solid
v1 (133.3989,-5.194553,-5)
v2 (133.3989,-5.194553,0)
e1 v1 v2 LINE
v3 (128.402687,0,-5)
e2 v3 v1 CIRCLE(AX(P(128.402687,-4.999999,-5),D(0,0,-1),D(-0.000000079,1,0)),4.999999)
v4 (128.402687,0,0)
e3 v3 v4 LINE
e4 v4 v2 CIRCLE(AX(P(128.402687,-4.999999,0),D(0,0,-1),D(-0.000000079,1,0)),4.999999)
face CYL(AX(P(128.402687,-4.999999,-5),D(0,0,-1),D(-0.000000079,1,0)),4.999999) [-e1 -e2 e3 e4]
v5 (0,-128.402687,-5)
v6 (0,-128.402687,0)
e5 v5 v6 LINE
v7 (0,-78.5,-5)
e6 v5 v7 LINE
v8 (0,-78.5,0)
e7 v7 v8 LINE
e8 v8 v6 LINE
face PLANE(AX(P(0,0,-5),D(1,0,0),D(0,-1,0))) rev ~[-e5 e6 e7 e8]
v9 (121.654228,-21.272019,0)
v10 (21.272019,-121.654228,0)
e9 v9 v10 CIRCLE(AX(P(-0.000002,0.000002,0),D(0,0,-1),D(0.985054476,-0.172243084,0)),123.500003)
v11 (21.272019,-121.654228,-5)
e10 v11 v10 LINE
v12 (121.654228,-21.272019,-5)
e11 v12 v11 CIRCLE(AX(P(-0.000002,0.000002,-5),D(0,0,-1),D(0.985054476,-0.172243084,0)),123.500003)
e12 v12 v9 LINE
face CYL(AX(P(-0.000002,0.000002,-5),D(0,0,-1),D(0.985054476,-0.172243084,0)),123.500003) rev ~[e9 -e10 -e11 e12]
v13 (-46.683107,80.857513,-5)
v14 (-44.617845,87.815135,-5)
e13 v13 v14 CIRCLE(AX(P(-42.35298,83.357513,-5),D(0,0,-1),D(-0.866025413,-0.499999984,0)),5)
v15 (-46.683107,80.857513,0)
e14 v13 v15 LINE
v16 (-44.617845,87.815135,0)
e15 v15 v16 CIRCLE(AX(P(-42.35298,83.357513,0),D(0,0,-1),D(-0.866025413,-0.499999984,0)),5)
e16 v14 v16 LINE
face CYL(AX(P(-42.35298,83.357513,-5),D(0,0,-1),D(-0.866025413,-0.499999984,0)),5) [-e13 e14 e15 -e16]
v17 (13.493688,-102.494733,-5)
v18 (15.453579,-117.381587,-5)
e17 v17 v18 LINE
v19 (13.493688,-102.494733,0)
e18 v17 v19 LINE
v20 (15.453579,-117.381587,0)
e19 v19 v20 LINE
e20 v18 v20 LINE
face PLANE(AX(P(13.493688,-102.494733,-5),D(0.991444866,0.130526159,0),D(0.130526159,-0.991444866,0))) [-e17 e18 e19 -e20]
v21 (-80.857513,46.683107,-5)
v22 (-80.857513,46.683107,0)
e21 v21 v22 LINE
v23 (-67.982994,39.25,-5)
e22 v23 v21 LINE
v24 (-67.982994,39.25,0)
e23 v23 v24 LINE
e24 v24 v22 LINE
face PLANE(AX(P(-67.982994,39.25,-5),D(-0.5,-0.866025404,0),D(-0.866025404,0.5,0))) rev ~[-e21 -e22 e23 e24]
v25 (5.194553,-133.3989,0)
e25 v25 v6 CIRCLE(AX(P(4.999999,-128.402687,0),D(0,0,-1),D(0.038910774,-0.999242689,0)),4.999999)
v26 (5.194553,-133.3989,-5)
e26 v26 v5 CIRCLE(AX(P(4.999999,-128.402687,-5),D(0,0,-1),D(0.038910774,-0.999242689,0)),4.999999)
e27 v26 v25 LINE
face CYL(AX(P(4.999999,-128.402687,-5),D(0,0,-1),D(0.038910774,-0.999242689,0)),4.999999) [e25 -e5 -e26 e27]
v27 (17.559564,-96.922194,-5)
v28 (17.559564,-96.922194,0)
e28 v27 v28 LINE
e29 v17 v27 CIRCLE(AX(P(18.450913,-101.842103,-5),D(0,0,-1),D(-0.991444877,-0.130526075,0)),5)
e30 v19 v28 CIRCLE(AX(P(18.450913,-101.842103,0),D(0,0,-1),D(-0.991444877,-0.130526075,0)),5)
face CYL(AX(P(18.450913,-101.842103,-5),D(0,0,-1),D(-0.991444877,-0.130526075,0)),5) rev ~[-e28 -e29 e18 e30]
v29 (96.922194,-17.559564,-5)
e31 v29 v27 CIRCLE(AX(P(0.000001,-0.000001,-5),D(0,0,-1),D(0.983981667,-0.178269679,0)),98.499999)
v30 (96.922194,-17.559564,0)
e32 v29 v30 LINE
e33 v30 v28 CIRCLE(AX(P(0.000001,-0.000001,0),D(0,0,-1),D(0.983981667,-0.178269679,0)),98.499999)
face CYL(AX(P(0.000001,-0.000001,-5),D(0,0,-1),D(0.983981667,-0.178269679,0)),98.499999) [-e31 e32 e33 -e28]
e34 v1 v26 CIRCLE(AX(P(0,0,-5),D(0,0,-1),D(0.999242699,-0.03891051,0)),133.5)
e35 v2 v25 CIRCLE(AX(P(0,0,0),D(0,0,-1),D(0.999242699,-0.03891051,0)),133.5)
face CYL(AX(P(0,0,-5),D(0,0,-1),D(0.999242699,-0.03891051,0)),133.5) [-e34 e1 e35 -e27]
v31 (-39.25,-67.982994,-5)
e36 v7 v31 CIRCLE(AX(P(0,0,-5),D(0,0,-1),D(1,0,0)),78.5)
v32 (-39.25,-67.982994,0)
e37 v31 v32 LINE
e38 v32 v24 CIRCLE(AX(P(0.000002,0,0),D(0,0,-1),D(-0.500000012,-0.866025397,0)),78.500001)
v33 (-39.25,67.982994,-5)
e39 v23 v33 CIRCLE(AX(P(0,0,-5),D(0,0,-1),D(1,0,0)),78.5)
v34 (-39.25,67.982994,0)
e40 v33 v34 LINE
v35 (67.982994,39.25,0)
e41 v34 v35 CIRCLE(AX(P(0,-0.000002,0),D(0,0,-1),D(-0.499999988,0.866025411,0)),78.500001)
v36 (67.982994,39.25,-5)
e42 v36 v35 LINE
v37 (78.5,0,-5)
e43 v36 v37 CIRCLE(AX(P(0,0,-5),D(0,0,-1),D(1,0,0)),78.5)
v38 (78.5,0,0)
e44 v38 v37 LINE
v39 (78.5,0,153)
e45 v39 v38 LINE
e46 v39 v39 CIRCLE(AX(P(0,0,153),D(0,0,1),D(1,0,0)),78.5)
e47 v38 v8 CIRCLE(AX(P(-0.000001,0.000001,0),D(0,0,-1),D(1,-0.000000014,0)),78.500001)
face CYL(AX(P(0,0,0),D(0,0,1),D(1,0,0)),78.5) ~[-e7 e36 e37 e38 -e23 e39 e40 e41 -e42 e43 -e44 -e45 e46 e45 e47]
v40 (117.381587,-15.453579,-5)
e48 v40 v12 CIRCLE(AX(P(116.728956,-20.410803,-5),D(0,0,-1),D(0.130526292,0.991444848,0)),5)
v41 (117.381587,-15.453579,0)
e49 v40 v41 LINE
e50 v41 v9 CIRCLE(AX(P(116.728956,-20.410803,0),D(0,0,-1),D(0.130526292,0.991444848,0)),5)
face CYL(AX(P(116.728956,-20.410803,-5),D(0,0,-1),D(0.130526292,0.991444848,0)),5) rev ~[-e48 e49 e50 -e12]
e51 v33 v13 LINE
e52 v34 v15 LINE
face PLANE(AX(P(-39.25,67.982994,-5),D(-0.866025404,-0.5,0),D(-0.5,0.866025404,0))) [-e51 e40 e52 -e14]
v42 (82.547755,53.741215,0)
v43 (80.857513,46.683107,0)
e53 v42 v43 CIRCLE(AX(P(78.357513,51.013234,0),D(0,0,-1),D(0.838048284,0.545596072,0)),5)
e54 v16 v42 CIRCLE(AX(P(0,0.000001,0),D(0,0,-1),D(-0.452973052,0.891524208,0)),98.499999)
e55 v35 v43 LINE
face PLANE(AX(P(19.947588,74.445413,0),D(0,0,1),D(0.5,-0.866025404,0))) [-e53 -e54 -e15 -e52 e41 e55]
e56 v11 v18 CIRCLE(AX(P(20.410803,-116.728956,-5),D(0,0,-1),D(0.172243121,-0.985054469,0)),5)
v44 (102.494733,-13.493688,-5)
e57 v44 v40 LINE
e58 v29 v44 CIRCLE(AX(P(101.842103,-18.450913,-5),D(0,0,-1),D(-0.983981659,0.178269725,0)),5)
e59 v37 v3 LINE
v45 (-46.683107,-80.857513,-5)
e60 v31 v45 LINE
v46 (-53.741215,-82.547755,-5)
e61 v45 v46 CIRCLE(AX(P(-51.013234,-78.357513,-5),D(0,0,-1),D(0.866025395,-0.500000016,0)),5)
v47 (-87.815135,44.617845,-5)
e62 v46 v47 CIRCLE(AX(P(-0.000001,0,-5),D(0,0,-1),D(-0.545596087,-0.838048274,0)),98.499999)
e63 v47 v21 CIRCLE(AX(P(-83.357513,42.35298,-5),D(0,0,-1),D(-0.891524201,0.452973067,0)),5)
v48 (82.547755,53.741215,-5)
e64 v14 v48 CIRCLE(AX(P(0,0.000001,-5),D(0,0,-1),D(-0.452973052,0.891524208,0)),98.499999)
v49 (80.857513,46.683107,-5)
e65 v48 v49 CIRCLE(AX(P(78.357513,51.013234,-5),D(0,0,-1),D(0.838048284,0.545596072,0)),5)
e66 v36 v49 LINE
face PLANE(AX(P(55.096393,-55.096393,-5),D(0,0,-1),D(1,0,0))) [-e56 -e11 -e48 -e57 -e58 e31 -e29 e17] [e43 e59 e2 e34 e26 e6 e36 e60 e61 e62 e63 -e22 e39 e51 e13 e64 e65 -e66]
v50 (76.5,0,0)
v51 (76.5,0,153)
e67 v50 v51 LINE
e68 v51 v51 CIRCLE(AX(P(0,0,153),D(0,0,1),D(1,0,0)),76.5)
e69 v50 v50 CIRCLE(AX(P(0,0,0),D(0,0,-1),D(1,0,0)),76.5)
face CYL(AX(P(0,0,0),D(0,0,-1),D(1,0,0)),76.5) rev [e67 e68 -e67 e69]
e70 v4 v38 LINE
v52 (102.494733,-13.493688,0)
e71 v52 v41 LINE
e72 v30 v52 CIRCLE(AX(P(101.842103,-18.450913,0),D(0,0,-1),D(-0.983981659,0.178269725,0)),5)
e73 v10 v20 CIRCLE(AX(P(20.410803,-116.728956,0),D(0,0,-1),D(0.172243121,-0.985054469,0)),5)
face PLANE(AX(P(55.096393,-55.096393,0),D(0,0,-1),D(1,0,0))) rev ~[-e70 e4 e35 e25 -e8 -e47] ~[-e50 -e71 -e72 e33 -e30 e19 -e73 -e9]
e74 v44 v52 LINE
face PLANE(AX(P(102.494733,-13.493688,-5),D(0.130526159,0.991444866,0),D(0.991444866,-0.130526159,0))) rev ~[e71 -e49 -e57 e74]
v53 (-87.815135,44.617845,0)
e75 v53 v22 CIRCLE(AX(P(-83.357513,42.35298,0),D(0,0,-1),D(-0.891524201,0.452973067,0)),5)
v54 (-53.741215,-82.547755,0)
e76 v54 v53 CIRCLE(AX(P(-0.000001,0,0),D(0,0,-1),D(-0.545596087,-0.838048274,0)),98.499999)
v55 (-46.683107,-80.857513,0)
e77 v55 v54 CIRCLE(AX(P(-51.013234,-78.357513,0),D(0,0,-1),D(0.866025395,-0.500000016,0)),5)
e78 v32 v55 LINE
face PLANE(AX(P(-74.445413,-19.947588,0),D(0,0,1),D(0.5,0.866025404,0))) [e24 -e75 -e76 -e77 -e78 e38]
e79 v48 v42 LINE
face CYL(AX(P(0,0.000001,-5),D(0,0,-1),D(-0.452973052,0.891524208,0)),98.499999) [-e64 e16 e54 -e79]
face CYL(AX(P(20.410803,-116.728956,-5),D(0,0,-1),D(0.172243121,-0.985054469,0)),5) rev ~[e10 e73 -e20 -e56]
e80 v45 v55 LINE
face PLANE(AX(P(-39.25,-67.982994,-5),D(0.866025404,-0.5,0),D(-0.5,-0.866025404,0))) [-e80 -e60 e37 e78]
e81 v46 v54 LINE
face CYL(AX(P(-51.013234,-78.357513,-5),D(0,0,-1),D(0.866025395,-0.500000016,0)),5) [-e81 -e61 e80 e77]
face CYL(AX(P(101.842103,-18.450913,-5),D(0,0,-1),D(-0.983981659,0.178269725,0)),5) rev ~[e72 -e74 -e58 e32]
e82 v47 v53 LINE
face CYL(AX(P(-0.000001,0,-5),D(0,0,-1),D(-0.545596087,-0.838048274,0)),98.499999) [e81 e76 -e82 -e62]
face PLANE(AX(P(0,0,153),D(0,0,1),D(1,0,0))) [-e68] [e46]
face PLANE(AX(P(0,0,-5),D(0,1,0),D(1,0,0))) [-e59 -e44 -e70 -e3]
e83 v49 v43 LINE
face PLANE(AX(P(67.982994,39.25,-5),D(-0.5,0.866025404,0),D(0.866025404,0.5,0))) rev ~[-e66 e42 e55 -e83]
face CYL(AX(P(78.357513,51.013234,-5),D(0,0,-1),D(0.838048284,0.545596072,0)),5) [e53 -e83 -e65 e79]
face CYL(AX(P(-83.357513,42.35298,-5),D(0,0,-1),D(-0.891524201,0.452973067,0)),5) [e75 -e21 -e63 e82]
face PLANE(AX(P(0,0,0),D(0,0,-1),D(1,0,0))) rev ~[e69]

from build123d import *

# Parameters (mm, degrees)
SKETCH_R           = 78.5
SKETCH_R_2         = 76.5
PAD_DEPTH          = 153
SKETCH001_R        = 78.5
PAD001_DEPTH       = 5
PAD002_DEPTH       = 5
POLARPATTERN_COUNT = 3
PAD003_DEPTH       = 5


with BuildPart() as part:
    # Sketch → Pad (new body)
    with BuildSketch(Plane.XY):
        Circle(SKETCH_R)
        Circle(SKETCH_R_2, mode=Mode.SUBTRACT)
    extrude(amount=PAD_DEPTH)

    # Sketch001 (on Face3 of Pad) → Pad001 (join)
    with BuildSketch(Plane(origin=(0, 0, 0), x_dir=(1, 0, 0), z_dir=(0, 0, -1))):
        Circle(SKETCH001_R)
    extrude(amount=PAD001_DEPTH)

    # Sketch002 (on Face5 of Pad001) → Pad002 (join)
    with BuildSketch(Plane(origin=(0, 0, -5), x_dir=(1, 0, 0), z_dir=(0, 0, -1))):
        with BuildLine():
            ThreePointArc((78.5, 0), (55.507882, 55.507882), (0, 78.5))
            Line((0, 78.5), (0, 93.366214))
            ThreePointArc((5.26738, 98.35906), (1.560298, 96.99505), (0, 93.366214))
            ThreePointArc((98.35906, 5.26738), (69.650018, 69.650018), (5.26738, 98.35906))
            ThreePointArc((93.366214, 0), (96.99505, 1.560298), (98.35906, 5.26738))
            Line((78.5, 0), (93.366214, 0))
        make_face()
    pad002 = extrude(amount=-PAD002_DEPTH)

    # PolarPattern: Pad002 ×3 about axis
    polarpattern_axis = Axis((0, 0, -5), (0, 0, -1))
    for i in range(1, POLARPATTERN_COUNT):
        add(pad002.rotate(polarpattern_axis, i * 360 / POLARPATTERN_COUNT))

    # Sketch003 (on Face23 of PolarPattern) → Pad003 (join)
    with BuildSketch(Plane(origin=(0, 0, -5), x_dir=(1, 0, 0), z_dir=(0, 0, -1))):
        with BuildLine():
            ThreePointArc((133.3989, 5.194553), (94.398755, 94.398755), (5.194553, 133.3989))
            ThreePointArc((5.194553, 133.3989), (1.533933, 132.006349), (0, 128.402687))
            Line((0, 0), (0, 128.402687))
            Line((0, 0), (128.402687, 0))
            ThreePointArc((128.402687, 0), (132.006349, 1.533933), (133.3989, 5.194553))
        make_face()
        with BuildLine():
            ThreePointArc((121.654228, 21.272019), (87.327687, 87.327687), (21.272019, 121.654228))
            ThreePointArc((21.272019, 121.654228), (17.45138, 120.759069), (15.453579, 117.381587))
            Line((13.493688, 102.494733), (15.453579, 117.381587))
            ThreePointArc((13.493688, 102.494733), (14.41176, 98.895028), (17.559564, 96.922194))
            ThreePointArc((96.922194, 17.559564), (69.650018, 69.650018), (17.559564, 96.922194))
            ThreePointArc((96.922194, 17.559564), (98.895028, 14.41176), (102.494733, 13.493688))
            Line((102.494733, 13.493688), (117.381587, 15.453579))
            ThreePointArc((117.381587, 15.453579), (120.759069, 17.45138), (121.654228, 21.272019))
        make_face(mode=Mode.SUBTRACT)
    extrude(amount=-PAD003_DEPTH)


solid = part.part
